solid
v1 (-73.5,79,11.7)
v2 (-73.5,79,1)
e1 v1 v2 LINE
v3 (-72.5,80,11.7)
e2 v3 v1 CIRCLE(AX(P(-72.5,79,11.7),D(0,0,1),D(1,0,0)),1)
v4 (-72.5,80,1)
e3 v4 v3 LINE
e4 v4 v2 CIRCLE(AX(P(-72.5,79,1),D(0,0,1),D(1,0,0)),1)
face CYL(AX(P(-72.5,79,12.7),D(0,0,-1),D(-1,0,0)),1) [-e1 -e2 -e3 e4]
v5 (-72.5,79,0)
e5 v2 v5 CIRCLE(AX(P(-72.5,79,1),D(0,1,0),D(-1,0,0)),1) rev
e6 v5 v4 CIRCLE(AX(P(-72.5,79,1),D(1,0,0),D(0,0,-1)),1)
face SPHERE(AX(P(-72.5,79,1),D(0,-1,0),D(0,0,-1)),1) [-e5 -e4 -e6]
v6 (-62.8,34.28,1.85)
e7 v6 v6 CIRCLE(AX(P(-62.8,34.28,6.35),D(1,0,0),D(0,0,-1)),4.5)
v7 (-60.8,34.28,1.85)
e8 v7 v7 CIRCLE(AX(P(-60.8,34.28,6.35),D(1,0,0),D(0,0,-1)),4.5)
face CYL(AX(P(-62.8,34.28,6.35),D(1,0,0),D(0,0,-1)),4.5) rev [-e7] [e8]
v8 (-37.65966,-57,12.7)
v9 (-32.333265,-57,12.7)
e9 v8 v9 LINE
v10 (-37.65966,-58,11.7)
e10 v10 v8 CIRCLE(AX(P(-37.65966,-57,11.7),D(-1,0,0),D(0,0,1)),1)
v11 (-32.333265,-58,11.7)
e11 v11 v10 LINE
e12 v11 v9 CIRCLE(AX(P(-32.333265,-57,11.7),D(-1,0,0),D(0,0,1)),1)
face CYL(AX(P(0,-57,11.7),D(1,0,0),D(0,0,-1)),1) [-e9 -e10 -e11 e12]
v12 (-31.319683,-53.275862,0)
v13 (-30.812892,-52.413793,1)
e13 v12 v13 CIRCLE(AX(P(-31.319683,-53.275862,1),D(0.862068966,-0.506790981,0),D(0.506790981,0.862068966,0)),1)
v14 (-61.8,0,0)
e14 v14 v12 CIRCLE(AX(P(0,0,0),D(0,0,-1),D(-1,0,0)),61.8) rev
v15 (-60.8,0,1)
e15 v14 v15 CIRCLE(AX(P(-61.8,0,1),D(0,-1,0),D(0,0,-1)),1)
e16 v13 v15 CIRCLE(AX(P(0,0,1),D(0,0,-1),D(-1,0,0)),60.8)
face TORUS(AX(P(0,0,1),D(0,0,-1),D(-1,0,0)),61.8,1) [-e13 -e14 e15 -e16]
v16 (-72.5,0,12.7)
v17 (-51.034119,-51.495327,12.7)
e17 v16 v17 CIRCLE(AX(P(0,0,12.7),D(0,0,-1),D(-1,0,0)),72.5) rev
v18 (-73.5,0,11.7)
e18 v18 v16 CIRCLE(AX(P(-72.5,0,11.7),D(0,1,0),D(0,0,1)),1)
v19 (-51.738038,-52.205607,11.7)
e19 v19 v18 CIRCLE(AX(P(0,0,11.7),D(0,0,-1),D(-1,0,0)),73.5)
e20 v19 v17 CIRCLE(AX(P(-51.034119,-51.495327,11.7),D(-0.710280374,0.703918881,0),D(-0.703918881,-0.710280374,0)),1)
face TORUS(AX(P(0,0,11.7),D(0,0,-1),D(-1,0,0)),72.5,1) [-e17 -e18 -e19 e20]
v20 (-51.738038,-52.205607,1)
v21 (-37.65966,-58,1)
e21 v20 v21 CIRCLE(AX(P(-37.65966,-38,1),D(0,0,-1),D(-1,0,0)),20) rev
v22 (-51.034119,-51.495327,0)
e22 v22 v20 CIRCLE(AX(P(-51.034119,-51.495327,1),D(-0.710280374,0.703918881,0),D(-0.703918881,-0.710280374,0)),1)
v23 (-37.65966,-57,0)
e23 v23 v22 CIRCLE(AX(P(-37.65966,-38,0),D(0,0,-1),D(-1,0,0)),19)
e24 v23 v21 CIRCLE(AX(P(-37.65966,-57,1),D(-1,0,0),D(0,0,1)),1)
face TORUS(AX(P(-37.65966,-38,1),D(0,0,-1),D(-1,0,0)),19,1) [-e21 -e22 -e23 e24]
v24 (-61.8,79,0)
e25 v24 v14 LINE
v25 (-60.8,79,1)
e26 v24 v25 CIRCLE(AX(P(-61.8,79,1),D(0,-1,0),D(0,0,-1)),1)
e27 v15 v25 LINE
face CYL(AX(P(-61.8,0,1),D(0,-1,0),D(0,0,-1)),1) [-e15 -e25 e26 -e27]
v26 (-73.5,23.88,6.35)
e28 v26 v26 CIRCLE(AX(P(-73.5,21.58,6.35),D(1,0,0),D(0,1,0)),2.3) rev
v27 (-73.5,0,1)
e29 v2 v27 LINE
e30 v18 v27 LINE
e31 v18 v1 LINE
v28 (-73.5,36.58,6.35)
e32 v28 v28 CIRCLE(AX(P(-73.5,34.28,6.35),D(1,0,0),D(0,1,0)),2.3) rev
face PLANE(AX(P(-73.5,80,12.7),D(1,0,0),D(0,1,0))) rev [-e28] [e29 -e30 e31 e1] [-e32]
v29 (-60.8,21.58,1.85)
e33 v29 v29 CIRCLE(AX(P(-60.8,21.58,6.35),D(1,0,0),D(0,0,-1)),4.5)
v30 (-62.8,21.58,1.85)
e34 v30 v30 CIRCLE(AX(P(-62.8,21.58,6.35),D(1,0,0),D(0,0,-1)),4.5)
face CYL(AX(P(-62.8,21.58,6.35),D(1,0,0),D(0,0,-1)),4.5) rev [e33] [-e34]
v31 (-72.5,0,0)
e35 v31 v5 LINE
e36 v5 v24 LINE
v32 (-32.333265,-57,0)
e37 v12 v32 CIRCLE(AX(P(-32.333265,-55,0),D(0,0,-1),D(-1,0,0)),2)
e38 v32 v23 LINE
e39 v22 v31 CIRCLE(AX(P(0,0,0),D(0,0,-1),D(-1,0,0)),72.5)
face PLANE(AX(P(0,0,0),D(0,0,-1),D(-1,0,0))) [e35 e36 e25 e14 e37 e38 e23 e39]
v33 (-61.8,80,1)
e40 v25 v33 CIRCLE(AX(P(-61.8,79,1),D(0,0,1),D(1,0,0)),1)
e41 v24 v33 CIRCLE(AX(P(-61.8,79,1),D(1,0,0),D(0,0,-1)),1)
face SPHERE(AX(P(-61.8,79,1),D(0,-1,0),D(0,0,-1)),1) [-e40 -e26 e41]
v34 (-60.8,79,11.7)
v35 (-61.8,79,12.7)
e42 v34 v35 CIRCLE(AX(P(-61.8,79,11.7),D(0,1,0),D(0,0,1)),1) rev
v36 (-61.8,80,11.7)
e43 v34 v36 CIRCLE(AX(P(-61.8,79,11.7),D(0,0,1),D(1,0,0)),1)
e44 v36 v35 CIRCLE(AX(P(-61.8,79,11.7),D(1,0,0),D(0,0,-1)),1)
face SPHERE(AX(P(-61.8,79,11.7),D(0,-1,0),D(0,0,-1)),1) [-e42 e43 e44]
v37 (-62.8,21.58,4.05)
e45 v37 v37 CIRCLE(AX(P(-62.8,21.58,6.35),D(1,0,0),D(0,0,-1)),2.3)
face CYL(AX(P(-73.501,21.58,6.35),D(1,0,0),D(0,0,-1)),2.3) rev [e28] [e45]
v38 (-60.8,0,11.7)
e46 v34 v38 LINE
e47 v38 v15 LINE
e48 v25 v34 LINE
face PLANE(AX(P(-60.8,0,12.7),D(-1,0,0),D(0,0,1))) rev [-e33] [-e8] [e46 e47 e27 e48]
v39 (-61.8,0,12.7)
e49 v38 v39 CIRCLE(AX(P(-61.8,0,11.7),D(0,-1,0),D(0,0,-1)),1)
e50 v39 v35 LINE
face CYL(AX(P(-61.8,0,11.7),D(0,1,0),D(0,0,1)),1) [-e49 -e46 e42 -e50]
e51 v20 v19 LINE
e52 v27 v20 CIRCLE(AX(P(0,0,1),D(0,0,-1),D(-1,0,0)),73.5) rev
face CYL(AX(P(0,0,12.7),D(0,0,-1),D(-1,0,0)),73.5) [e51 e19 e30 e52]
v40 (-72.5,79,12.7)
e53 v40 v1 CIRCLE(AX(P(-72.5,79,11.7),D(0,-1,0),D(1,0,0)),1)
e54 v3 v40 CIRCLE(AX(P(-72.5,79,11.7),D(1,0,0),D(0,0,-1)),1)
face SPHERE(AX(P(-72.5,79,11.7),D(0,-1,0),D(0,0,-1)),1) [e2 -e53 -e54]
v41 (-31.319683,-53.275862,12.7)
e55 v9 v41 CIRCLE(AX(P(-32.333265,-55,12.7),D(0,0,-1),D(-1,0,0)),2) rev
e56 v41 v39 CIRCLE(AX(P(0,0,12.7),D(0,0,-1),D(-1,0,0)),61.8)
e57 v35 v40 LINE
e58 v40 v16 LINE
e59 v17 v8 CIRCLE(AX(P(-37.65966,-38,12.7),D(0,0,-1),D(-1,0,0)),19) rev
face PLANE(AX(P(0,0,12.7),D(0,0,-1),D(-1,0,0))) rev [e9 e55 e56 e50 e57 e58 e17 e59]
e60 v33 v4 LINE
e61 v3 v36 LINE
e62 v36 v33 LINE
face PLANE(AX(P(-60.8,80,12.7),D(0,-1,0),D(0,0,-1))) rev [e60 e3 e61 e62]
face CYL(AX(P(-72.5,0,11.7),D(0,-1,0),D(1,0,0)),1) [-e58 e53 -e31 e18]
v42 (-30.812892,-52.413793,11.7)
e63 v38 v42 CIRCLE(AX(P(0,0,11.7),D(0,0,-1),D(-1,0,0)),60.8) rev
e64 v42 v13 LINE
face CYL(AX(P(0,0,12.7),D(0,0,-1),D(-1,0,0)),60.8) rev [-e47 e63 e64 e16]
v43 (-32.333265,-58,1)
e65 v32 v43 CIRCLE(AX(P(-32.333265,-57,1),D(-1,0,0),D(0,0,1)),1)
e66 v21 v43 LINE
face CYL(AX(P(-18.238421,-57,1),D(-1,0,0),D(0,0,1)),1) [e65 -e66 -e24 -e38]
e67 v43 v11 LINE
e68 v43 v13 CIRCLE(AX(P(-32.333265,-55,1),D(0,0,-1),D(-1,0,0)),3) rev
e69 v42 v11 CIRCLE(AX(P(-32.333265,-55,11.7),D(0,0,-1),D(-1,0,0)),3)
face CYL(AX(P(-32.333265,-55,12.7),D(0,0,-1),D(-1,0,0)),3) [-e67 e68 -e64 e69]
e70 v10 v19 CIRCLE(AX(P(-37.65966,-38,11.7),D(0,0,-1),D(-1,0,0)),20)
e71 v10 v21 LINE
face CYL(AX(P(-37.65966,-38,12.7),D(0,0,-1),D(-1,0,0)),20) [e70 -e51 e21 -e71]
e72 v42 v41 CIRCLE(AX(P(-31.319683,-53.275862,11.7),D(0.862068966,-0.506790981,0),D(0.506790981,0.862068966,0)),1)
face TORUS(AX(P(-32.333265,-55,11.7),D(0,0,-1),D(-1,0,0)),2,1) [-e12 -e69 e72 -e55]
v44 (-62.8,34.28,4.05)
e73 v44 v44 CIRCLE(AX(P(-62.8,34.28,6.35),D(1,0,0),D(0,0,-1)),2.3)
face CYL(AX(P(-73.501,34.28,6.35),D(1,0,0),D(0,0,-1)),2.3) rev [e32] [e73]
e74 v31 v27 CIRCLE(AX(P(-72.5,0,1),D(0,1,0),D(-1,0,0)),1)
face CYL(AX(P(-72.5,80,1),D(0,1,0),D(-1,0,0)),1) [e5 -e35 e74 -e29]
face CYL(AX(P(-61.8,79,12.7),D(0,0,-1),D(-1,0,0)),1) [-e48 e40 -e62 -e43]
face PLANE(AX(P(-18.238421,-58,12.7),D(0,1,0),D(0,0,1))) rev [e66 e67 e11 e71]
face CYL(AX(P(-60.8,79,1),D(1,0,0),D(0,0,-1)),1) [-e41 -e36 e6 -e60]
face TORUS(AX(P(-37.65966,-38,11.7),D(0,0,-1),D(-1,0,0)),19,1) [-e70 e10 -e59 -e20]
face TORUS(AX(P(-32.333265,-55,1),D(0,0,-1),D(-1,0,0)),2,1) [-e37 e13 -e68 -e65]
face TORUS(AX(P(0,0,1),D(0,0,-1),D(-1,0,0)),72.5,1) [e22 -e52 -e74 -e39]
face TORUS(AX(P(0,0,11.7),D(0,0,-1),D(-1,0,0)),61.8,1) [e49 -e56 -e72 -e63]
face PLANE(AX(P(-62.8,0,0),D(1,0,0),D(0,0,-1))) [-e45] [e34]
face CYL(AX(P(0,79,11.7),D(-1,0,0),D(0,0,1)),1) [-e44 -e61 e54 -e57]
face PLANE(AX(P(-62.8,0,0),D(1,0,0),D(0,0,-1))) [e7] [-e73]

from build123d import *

# Parameters (mm, degrees)
BOSS_EXTRUDE1_DEPTH = 12.7
FILLET1_R           = 3
FILLET2_R           = 20
CUT_EXTRUDE1_REACH  = 88.899
SKETCH2_R           = 2.3
SKETCH2_3_R         = 4.5
SKETCH2_3_R_2       = 2.3
CUT_EXTRUDE2_DEPTH  = 2
FILLET3_R           = 1
FILLET4_R           = 1


with BuildPart() as part:
    # Sketch1 → Boss-Extrude1 (new body)
    with BuildSketch(Plane.XY):
        with BuildLine():
            Line((-60.8, 0), (-60.8, 80))
            Line((-60.8, 80), (-73.5, 80))
            Line((-73.5, 80), (-73.5, 0))
            ThreePointArc((-73.5, 0), (-66.0323905, -32.279612836), (-45.14698218, -58))
            Line((-45.14698218, -58), (-18.238420984, -58))
            ThreePointArc((-18.238420984, -58), (-49.018037475, -35.970432331), (-60.8, 0))
        make_face()
    extrude(amount=BOSS_EXTRUDE1_DEPTH)

    # Fillet1
    fillet1_edges = [part.edges().sort_by_distance(p)[0] for p in [
        (-18.238420984, -58, 6.35),
    ]]
    fillet(fillet1_edges, radius=FILLET1_R)

    # Fillet2
    fillet2_edges = [part.edges().sort_by_distance(p)[0] for p in [
        (-45.14698218, -58, 6.35),
    ]]
    fillet(fillet2_edges, radius=FILLET2_R)

    # Sketch2 → Cut-Extrude1 (cut, up to next)
    with BuildSketch(Plane(origin=(-60.8, 0, 0), x_dir=(0, 0, -1), z_dir=(1, 0, 0)), mode=Mode.PRIVATE) as cut_extrude1_sk1:
        with Locations((-6.35, 21.58)):
            Circle(SKETCH2_R)
    cut_extrude1_tool1 = extrude(cut_extrude1_sk1.sketch, amount=-CUT_EXTRUDE1_REACH, mode=Mode.PRIVATE) & part.part
    # Sketch2 → Cut-Extrude1 (cut, up to next)
    with BuildSketch(Plane(origin=(-60.8, 0, 0), x_dir=(0, 0, -1), z_dir=(1, 0, 0)), mode=Mode.PRIVATE) as cut_extrude1_sk2:
        with Locations((-6.35, 34.28)):
            Circle(SKETCH2_R)
    cut_extrude1_tool2 = extrude(cut_extrude1_sk2.sketch, amount=-CUT_EXTRUDE1_REACH, mode=Mode.PRIVATE) & part.part
    add(cut_extrude1_tool1.solids().sort_by_distance((-60.8, 21.58, 6.35))[0], mode=Mode.SUBTRACT)
    add(cut_extrude1_tool2.solids().sort_by_distance((-60.8, 34.28, 6.35))[0], mode=Mode.SUBTRACT)

    # Sketch2<3> → Cut-Extrude2 (cut)
    # profile 1 of 2: a face of its own
    with BuildSketch(Plane(origin=(-60.8, 0, 0), x_dir=(0, 0, -1), z_dir=(1, 0, 0))):
        with Locations((-6.35, 34.28)):
            Circle(SKETCH2_3_R)
        with Locations((-6.35, 34.28)):
            Circle(SKETCH2_3_R_2, mode=Mode.SUBTRACT)
    # profile 2 of 2: a face of its own
    with BuildSketch(Plane(origin=(-60.8, 0, 0), x_dir=(0, 0, -1), z_dir=(1, 0, 0))):
        with Locations((-6.35, 21.58)):
            Circle(SKETCH2_3_R)
        with Locations((-6.35, 21.58)):
            Circle(SKETCH2_3_R_2, mode=Mode.SUBTRACT)
    extrude(amount=-CUT_EXTRUDE2_DEPTH, mode=Mode.SUBTRACT)

    # Fillet3
    fillet3_edges = [part.edges().sort_by_distance(p)[0] for p in [
        (-73.5, 40, 0),
        (-67.841711996, -28.279888852, 0),
        (-45.271750842, -56.494758035, 0),
        (-34.99646236, -58, 0),
        (-29.438560761, -55.787838597, 0),
        (-52.773401506, -30.192848383, 0),
        (-73.5, 40, 12.7),
        (-67.841711996, -28.279888852, 12.7),
        (-45.271750842, -56.494758035, 12.7),
        (-34.99646236, -58, 12.7),
        (-29.438560761, -55.787838597, 12.7),
        (-52.773401506, -30.192848383, 12.7),
        (-60.8, 40, 0),
        (-60.8, 40, 12.7),
    ]]
    fillet(fillet3_edges, radius=FILLET3_R)

    # Fillet4
    fillet4_edges = [part.edges().sort_by_distance(p)[0] for p in [
        (-61.092893219, 80, 12.407106781),
        (-60.8, 80, 6.35),
        (-61.092893219, 80, 0.292893219),
        (-67.15, 80, 0),
        (-73.207106781, 80, 0.292893219),
        (-73.5, 80, 6.35),
        (-73.207106781, 80, 12.407106781),
        (-67.15, 80, 12.7),
    ]]
    fillet(fillet4_edges, radius=FILLET4_R)


solid = part.part
